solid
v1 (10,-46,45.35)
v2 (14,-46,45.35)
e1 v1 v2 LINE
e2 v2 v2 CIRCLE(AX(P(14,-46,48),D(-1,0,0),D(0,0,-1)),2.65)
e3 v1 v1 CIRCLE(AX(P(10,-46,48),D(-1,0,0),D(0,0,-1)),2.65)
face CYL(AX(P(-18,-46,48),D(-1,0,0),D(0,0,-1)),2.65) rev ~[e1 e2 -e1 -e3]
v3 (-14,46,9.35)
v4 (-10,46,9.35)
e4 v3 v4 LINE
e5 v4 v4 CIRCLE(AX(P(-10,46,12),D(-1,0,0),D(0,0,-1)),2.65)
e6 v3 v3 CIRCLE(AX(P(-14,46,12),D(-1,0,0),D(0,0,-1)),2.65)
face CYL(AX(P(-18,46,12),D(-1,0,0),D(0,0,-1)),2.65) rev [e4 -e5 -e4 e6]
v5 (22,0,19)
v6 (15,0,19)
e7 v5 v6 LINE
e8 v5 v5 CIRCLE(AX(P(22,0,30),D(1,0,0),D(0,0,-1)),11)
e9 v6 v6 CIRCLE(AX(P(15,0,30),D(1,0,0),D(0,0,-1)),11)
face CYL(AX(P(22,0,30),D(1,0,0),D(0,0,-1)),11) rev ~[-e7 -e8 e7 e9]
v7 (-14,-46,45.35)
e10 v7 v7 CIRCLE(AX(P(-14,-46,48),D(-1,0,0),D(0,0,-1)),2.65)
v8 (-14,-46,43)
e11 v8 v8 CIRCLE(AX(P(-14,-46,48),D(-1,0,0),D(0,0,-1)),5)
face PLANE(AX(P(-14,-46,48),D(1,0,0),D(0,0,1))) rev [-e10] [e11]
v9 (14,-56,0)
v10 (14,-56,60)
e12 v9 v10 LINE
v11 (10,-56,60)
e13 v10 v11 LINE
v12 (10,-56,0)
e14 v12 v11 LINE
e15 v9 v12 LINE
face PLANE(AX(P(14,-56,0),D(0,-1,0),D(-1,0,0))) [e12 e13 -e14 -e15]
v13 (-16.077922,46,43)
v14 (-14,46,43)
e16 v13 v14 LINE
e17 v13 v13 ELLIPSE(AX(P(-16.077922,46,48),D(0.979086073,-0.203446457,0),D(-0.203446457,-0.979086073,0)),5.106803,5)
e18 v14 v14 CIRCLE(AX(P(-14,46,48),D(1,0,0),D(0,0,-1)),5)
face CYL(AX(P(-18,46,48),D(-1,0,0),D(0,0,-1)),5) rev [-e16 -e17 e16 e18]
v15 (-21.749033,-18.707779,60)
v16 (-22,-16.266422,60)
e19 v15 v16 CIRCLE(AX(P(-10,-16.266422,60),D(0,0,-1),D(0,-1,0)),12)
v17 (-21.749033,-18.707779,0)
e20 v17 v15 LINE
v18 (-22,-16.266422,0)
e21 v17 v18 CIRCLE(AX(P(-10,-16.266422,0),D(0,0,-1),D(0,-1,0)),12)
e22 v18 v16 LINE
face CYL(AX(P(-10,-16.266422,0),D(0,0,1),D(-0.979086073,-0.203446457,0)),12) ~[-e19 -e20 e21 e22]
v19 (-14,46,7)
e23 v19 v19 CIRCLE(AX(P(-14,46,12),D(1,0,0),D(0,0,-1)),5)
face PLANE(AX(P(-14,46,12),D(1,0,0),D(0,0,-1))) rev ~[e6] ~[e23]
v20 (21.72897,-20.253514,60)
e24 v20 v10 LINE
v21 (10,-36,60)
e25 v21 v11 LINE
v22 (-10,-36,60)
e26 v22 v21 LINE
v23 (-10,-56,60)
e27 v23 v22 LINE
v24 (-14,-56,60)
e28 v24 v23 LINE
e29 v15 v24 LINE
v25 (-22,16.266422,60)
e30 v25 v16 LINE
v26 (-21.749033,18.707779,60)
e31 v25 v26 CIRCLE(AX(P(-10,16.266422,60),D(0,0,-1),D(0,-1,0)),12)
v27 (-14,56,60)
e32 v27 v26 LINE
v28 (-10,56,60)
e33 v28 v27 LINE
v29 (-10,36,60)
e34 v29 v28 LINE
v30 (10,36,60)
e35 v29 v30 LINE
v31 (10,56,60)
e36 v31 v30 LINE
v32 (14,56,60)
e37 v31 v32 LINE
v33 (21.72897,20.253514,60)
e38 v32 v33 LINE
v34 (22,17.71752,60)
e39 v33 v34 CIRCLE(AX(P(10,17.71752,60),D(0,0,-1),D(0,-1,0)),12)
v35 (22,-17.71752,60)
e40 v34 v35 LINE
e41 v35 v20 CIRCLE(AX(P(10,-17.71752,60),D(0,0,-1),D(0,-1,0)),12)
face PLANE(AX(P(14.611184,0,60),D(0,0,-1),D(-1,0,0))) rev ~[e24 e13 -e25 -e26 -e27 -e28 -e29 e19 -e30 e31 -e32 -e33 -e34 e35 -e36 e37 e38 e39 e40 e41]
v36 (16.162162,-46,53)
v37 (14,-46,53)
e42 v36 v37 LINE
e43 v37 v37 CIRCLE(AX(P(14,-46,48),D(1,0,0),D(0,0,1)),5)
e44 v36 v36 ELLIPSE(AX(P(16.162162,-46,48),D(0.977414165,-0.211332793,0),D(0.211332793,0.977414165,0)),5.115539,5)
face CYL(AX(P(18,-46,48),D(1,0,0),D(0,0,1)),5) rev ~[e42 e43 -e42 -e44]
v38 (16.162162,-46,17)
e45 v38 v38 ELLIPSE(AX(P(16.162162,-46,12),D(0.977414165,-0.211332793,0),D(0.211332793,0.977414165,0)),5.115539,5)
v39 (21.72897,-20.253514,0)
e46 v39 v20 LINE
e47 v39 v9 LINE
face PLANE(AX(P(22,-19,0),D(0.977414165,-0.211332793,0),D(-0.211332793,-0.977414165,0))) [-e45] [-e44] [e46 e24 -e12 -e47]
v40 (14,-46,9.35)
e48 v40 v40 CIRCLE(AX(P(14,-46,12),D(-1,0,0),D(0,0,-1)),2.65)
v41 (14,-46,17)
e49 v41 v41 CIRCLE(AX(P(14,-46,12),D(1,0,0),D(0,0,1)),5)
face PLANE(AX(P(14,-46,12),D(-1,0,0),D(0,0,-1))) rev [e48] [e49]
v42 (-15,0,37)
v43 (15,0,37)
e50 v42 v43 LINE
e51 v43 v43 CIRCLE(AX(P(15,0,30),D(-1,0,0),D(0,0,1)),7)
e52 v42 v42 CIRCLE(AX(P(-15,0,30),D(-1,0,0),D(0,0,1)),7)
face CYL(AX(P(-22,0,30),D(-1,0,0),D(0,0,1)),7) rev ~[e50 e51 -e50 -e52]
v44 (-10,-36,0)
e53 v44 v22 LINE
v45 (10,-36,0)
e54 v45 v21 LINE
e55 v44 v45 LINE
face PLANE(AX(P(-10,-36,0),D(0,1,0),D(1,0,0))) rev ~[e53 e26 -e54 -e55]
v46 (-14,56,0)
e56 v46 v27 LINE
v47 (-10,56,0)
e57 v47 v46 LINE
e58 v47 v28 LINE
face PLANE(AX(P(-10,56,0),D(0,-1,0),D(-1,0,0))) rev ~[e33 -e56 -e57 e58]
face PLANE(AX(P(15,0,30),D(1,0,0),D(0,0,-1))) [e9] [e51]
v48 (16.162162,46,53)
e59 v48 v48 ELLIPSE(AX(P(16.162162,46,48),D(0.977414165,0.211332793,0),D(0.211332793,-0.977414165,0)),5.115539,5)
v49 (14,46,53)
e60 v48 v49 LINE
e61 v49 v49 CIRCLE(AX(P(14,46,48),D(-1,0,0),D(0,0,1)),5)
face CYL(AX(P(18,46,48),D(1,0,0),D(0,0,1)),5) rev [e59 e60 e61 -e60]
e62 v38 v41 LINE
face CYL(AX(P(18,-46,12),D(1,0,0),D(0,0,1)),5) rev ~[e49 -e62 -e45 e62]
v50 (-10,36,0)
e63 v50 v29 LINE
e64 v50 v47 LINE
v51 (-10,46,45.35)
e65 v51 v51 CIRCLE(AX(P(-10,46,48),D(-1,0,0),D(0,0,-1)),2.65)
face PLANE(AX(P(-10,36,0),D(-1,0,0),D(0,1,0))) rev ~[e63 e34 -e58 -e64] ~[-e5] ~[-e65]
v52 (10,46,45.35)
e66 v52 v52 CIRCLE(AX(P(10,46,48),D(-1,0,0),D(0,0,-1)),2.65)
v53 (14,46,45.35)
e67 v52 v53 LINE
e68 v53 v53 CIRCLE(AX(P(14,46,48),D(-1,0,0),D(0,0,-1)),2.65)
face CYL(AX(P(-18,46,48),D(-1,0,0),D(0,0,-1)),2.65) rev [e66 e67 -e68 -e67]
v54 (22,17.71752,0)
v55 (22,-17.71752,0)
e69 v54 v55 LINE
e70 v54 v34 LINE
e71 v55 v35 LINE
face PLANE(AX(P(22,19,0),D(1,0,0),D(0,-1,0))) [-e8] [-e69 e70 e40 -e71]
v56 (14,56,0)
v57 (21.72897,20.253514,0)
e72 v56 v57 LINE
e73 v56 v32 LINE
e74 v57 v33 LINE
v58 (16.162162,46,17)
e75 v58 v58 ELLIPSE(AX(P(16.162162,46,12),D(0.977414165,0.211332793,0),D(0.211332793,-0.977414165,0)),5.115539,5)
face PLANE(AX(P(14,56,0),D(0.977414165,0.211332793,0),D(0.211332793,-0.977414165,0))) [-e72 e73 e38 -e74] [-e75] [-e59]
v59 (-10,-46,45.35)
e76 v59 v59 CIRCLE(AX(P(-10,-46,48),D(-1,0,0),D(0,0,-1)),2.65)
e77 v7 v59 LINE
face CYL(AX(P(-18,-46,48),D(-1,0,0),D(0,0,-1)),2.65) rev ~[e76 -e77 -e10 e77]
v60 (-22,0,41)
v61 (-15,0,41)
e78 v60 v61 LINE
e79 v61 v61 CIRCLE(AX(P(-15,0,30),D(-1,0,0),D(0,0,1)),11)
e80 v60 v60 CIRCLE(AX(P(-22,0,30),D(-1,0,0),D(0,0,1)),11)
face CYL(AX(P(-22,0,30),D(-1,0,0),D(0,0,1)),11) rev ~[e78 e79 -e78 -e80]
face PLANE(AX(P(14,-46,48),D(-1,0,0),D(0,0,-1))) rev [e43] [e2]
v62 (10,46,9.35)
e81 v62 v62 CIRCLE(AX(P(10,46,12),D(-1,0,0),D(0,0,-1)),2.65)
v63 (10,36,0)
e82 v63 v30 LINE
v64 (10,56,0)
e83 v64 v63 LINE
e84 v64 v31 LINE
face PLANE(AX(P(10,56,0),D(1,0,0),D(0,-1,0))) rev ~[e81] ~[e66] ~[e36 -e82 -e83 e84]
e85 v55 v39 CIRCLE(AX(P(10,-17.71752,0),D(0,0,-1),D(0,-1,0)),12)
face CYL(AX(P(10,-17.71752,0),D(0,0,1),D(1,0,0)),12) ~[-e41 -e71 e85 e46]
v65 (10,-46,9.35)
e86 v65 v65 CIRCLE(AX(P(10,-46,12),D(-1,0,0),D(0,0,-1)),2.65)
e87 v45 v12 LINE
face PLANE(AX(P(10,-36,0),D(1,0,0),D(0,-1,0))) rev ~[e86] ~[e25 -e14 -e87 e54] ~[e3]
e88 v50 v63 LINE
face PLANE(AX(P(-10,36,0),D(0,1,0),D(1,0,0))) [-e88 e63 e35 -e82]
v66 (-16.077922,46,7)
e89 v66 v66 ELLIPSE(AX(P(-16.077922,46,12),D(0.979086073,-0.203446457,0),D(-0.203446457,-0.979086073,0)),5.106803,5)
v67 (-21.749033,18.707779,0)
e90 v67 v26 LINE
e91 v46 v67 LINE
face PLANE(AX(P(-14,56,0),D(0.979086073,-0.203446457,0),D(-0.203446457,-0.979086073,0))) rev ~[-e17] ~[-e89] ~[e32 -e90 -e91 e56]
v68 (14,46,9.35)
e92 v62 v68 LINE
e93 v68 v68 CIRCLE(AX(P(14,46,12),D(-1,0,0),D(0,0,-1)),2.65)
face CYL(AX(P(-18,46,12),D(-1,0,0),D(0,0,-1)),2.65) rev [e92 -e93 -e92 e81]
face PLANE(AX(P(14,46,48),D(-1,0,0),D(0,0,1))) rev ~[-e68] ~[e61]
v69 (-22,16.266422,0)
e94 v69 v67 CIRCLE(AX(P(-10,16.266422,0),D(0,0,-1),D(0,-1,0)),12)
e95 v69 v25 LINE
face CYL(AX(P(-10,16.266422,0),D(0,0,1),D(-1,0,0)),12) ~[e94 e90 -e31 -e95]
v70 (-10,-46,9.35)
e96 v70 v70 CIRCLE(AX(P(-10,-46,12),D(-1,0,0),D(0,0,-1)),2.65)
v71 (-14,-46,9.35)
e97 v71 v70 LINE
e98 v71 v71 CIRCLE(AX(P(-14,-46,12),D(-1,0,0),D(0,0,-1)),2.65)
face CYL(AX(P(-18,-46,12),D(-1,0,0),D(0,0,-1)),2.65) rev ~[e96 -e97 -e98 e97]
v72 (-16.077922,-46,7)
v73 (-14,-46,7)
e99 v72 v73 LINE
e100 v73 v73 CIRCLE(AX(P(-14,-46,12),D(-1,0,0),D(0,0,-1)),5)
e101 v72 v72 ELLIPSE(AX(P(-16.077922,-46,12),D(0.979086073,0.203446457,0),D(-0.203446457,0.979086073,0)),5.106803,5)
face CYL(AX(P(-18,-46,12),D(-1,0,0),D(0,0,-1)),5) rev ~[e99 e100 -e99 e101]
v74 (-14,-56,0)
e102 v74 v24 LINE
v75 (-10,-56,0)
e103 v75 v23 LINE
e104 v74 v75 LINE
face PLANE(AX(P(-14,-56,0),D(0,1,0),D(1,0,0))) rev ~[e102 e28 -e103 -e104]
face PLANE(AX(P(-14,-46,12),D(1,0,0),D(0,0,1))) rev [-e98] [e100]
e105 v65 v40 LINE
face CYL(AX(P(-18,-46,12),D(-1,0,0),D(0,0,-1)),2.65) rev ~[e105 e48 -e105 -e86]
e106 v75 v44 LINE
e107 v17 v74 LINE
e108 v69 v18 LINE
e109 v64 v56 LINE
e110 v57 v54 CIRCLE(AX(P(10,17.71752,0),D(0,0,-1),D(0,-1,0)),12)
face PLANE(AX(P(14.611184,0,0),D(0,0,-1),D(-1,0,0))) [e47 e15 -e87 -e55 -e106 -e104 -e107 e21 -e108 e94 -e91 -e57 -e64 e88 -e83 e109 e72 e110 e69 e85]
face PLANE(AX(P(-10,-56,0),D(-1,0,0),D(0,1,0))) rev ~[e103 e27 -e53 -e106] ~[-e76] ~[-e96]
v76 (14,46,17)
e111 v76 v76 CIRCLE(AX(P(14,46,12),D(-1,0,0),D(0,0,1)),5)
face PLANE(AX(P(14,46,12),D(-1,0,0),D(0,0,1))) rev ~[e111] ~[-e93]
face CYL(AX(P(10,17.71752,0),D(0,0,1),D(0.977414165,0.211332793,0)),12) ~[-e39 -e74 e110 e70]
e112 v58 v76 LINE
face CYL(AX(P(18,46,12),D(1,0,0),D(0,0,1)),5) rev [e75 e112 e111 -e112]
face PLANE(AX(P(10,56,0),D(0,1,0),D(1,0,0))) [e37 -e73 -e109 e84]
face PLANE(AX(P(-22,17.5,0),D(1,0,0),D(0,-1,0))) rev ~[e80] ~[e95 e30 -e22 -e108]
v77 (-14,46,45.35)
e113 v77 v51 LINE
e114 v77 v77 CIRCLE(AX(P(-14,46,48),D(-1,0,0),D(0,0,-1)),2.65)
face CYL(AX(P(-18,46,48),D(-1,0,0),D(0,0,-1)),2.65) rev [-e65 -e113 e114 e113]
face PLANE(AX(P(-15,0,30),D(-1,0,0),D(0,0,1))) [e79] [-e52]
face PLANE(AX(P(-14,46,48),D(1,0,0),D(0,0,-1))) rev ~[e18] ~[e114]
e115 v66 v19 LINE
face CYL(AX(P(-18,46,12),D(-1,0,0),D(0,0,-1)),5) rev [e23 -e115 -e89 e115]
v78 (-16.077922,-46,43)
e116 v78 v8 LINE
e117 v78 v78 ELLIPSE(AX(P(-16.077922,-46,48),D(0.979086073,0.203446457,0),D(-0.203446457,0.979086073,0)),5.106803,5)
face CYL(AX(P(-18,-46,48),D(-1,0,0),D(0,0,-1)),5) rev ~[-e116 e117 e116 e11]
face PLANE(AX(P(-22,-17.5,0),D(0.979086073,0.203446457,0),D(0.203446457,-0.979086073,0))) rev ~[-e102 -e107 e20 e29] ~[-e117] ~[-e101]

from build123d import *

# Parameters (mm, degrees)
SKETCH1_W           = 20
SKETCH1_H           = 72
BOSS_EXTRUDE1_DEPTH = 60
SKETCH2_R           = 7
CUT_EXTRUDE1_DEPTH  = 45
SKETCH3_R           = 11
CUT_EXTRUDE2_DEPTH  = 7
SKETCH4_R           = 11
CUT_EXTRUDE3_DEPTH  = 7
SKETCH5_R           = 2.65
CUT_EXTRUDE4_DEPTH  = 41
SKETCH6_R           = 5
CUT_EXTRUDE5_DEPTH  = 4
FILLET1_R           = 12
SKETCH7_R           = 5
CUT_EXTRUDE6_DEPTH  = 4


with BuildPart() as part:
    # Sketch1 → Boss-Extrude1 (new body)
    with BuildSketch(Plane.XY):
        Polygon((10, 36), (10, 56), (14, 56), (22, 19), (22, -19), (14, -56), (10, -56), (10, -36), align=None)
        Rectangle(SKETCH1_W, SKETCH1_H)
        Polygon((-14, -56), (-10, -56), (-10, -36), (-10, 36), (-10, 56), (-14, 56), (-22, 17.5), (-22, -17.5), align=None)
        Polygon((14, 56), (22, 19), (22, -19), (14, -56), align=None)
    extrude(amount=BOSS_EXTRUDE1_DEPTH)

    # Sketch2 → Cut-Extrude1 (cut, through all)
    with BuildSketch(Plane.ZY.offset(22)):
        with Locations((30, 0)):
            Circle(SKETCH2_R)
    extrude(amount=-CUT_EXTRUDE1_DEPTH, mode=Mode.SUBTRACT)

    # Sketch3 → Cut-Extrude2 (cut)
    with BuildSketch(Plane.ZY.offset(22)):
        with Locations((30, 0)):
            Circle(SKETCH3_R)
    extrude(amount=-CUT_EXTRUDE2_DEPTH, mode=Mode.SUBTRACT)

    # Sketch4 → Cut-Extrude3 (cut)
    with BuildSketch(Plane(origin=(22, 0, 0), x_dir=(0, 0, -1), z_dir=(1, 0, 0))):
        with Locations((-30, 0)):
            Circle(SKETCH4_R)
    extrude(amount=-CUT_EXTRUDE3_DEPTH, mode=Mode.SUBTRACT)

    # Sketch5 → Cut-Extrude4 (cut, through all)
    with BuildSketch(Plane(origin=(-18, 0, 0), x_dir=(0, 0, -1), z_dir=(1, 0, 0))):
        with Locations((-12, 46)):
            Circle(SKETCH5_R)
        with Locations((-48, 46)):
            Circle(SKETCH5_R)
    cut_extrude4 = extrude(amount=CUT_EXTRUDE4_DEPTH, mode=Mode.SUBTRACT)

    # Sketch6 → Cut-Extrude5 (cut)
    with BuildSketch(Plane(origin=(-18, 0, 0), x_dir=(0, 0, -1), z_dir=(1, 0, 0))):
        with Locations((-12, 46)):
            Circle(SKETCH6_R)
        with Locations((-48, 46)):
            Circle(SKETCH6_R)
    cut_extrude5 = extrude(amount=CUT_EXTRUDE5_DEPTH, mode=Mode.SUBTRACT)

    # Mirror3: Cut-Extrude4, Cut-Extrude5 across plane
    add(cut_extrude4.mirror(Plane.ZX), mode=Mode.SUBTRACT)
    add(cut_extrude5.mirror(Plane.ZX), mode=Mode.SUBTRACT)

    # Fillet1
    fillet1_edges = [part.edges().sort_by_distance(p)[0] for p in [
        (-22, -17.5, 30),
        (-22, 17.5, 30),
        (22, 19, 30),
        (22, -19, 30),
    ]]
    fillet(fillet1_edges, radius=FILLET1_R)

    # Sketch7 → Cut-Extrude6 (cut)
    with BuildSketch(Plane.ZY.offset(-18)):
        with Locations((12, 46)):
            Circle(SKETCH7_R)
        with Locations((48, 46)):
            Circle(SKETCH7_R)
    cut_extrude6 = extrude(amount=CUT_EXTRUDE6_DEPTH, mode=Mode.SUBTRACT)

    # Mirror5: Cut-Extrude6 across plane
    add(cut_extrude6.mirror(Plane.ZX), mode=Mode.SUBTRACT)


solid = part.part
